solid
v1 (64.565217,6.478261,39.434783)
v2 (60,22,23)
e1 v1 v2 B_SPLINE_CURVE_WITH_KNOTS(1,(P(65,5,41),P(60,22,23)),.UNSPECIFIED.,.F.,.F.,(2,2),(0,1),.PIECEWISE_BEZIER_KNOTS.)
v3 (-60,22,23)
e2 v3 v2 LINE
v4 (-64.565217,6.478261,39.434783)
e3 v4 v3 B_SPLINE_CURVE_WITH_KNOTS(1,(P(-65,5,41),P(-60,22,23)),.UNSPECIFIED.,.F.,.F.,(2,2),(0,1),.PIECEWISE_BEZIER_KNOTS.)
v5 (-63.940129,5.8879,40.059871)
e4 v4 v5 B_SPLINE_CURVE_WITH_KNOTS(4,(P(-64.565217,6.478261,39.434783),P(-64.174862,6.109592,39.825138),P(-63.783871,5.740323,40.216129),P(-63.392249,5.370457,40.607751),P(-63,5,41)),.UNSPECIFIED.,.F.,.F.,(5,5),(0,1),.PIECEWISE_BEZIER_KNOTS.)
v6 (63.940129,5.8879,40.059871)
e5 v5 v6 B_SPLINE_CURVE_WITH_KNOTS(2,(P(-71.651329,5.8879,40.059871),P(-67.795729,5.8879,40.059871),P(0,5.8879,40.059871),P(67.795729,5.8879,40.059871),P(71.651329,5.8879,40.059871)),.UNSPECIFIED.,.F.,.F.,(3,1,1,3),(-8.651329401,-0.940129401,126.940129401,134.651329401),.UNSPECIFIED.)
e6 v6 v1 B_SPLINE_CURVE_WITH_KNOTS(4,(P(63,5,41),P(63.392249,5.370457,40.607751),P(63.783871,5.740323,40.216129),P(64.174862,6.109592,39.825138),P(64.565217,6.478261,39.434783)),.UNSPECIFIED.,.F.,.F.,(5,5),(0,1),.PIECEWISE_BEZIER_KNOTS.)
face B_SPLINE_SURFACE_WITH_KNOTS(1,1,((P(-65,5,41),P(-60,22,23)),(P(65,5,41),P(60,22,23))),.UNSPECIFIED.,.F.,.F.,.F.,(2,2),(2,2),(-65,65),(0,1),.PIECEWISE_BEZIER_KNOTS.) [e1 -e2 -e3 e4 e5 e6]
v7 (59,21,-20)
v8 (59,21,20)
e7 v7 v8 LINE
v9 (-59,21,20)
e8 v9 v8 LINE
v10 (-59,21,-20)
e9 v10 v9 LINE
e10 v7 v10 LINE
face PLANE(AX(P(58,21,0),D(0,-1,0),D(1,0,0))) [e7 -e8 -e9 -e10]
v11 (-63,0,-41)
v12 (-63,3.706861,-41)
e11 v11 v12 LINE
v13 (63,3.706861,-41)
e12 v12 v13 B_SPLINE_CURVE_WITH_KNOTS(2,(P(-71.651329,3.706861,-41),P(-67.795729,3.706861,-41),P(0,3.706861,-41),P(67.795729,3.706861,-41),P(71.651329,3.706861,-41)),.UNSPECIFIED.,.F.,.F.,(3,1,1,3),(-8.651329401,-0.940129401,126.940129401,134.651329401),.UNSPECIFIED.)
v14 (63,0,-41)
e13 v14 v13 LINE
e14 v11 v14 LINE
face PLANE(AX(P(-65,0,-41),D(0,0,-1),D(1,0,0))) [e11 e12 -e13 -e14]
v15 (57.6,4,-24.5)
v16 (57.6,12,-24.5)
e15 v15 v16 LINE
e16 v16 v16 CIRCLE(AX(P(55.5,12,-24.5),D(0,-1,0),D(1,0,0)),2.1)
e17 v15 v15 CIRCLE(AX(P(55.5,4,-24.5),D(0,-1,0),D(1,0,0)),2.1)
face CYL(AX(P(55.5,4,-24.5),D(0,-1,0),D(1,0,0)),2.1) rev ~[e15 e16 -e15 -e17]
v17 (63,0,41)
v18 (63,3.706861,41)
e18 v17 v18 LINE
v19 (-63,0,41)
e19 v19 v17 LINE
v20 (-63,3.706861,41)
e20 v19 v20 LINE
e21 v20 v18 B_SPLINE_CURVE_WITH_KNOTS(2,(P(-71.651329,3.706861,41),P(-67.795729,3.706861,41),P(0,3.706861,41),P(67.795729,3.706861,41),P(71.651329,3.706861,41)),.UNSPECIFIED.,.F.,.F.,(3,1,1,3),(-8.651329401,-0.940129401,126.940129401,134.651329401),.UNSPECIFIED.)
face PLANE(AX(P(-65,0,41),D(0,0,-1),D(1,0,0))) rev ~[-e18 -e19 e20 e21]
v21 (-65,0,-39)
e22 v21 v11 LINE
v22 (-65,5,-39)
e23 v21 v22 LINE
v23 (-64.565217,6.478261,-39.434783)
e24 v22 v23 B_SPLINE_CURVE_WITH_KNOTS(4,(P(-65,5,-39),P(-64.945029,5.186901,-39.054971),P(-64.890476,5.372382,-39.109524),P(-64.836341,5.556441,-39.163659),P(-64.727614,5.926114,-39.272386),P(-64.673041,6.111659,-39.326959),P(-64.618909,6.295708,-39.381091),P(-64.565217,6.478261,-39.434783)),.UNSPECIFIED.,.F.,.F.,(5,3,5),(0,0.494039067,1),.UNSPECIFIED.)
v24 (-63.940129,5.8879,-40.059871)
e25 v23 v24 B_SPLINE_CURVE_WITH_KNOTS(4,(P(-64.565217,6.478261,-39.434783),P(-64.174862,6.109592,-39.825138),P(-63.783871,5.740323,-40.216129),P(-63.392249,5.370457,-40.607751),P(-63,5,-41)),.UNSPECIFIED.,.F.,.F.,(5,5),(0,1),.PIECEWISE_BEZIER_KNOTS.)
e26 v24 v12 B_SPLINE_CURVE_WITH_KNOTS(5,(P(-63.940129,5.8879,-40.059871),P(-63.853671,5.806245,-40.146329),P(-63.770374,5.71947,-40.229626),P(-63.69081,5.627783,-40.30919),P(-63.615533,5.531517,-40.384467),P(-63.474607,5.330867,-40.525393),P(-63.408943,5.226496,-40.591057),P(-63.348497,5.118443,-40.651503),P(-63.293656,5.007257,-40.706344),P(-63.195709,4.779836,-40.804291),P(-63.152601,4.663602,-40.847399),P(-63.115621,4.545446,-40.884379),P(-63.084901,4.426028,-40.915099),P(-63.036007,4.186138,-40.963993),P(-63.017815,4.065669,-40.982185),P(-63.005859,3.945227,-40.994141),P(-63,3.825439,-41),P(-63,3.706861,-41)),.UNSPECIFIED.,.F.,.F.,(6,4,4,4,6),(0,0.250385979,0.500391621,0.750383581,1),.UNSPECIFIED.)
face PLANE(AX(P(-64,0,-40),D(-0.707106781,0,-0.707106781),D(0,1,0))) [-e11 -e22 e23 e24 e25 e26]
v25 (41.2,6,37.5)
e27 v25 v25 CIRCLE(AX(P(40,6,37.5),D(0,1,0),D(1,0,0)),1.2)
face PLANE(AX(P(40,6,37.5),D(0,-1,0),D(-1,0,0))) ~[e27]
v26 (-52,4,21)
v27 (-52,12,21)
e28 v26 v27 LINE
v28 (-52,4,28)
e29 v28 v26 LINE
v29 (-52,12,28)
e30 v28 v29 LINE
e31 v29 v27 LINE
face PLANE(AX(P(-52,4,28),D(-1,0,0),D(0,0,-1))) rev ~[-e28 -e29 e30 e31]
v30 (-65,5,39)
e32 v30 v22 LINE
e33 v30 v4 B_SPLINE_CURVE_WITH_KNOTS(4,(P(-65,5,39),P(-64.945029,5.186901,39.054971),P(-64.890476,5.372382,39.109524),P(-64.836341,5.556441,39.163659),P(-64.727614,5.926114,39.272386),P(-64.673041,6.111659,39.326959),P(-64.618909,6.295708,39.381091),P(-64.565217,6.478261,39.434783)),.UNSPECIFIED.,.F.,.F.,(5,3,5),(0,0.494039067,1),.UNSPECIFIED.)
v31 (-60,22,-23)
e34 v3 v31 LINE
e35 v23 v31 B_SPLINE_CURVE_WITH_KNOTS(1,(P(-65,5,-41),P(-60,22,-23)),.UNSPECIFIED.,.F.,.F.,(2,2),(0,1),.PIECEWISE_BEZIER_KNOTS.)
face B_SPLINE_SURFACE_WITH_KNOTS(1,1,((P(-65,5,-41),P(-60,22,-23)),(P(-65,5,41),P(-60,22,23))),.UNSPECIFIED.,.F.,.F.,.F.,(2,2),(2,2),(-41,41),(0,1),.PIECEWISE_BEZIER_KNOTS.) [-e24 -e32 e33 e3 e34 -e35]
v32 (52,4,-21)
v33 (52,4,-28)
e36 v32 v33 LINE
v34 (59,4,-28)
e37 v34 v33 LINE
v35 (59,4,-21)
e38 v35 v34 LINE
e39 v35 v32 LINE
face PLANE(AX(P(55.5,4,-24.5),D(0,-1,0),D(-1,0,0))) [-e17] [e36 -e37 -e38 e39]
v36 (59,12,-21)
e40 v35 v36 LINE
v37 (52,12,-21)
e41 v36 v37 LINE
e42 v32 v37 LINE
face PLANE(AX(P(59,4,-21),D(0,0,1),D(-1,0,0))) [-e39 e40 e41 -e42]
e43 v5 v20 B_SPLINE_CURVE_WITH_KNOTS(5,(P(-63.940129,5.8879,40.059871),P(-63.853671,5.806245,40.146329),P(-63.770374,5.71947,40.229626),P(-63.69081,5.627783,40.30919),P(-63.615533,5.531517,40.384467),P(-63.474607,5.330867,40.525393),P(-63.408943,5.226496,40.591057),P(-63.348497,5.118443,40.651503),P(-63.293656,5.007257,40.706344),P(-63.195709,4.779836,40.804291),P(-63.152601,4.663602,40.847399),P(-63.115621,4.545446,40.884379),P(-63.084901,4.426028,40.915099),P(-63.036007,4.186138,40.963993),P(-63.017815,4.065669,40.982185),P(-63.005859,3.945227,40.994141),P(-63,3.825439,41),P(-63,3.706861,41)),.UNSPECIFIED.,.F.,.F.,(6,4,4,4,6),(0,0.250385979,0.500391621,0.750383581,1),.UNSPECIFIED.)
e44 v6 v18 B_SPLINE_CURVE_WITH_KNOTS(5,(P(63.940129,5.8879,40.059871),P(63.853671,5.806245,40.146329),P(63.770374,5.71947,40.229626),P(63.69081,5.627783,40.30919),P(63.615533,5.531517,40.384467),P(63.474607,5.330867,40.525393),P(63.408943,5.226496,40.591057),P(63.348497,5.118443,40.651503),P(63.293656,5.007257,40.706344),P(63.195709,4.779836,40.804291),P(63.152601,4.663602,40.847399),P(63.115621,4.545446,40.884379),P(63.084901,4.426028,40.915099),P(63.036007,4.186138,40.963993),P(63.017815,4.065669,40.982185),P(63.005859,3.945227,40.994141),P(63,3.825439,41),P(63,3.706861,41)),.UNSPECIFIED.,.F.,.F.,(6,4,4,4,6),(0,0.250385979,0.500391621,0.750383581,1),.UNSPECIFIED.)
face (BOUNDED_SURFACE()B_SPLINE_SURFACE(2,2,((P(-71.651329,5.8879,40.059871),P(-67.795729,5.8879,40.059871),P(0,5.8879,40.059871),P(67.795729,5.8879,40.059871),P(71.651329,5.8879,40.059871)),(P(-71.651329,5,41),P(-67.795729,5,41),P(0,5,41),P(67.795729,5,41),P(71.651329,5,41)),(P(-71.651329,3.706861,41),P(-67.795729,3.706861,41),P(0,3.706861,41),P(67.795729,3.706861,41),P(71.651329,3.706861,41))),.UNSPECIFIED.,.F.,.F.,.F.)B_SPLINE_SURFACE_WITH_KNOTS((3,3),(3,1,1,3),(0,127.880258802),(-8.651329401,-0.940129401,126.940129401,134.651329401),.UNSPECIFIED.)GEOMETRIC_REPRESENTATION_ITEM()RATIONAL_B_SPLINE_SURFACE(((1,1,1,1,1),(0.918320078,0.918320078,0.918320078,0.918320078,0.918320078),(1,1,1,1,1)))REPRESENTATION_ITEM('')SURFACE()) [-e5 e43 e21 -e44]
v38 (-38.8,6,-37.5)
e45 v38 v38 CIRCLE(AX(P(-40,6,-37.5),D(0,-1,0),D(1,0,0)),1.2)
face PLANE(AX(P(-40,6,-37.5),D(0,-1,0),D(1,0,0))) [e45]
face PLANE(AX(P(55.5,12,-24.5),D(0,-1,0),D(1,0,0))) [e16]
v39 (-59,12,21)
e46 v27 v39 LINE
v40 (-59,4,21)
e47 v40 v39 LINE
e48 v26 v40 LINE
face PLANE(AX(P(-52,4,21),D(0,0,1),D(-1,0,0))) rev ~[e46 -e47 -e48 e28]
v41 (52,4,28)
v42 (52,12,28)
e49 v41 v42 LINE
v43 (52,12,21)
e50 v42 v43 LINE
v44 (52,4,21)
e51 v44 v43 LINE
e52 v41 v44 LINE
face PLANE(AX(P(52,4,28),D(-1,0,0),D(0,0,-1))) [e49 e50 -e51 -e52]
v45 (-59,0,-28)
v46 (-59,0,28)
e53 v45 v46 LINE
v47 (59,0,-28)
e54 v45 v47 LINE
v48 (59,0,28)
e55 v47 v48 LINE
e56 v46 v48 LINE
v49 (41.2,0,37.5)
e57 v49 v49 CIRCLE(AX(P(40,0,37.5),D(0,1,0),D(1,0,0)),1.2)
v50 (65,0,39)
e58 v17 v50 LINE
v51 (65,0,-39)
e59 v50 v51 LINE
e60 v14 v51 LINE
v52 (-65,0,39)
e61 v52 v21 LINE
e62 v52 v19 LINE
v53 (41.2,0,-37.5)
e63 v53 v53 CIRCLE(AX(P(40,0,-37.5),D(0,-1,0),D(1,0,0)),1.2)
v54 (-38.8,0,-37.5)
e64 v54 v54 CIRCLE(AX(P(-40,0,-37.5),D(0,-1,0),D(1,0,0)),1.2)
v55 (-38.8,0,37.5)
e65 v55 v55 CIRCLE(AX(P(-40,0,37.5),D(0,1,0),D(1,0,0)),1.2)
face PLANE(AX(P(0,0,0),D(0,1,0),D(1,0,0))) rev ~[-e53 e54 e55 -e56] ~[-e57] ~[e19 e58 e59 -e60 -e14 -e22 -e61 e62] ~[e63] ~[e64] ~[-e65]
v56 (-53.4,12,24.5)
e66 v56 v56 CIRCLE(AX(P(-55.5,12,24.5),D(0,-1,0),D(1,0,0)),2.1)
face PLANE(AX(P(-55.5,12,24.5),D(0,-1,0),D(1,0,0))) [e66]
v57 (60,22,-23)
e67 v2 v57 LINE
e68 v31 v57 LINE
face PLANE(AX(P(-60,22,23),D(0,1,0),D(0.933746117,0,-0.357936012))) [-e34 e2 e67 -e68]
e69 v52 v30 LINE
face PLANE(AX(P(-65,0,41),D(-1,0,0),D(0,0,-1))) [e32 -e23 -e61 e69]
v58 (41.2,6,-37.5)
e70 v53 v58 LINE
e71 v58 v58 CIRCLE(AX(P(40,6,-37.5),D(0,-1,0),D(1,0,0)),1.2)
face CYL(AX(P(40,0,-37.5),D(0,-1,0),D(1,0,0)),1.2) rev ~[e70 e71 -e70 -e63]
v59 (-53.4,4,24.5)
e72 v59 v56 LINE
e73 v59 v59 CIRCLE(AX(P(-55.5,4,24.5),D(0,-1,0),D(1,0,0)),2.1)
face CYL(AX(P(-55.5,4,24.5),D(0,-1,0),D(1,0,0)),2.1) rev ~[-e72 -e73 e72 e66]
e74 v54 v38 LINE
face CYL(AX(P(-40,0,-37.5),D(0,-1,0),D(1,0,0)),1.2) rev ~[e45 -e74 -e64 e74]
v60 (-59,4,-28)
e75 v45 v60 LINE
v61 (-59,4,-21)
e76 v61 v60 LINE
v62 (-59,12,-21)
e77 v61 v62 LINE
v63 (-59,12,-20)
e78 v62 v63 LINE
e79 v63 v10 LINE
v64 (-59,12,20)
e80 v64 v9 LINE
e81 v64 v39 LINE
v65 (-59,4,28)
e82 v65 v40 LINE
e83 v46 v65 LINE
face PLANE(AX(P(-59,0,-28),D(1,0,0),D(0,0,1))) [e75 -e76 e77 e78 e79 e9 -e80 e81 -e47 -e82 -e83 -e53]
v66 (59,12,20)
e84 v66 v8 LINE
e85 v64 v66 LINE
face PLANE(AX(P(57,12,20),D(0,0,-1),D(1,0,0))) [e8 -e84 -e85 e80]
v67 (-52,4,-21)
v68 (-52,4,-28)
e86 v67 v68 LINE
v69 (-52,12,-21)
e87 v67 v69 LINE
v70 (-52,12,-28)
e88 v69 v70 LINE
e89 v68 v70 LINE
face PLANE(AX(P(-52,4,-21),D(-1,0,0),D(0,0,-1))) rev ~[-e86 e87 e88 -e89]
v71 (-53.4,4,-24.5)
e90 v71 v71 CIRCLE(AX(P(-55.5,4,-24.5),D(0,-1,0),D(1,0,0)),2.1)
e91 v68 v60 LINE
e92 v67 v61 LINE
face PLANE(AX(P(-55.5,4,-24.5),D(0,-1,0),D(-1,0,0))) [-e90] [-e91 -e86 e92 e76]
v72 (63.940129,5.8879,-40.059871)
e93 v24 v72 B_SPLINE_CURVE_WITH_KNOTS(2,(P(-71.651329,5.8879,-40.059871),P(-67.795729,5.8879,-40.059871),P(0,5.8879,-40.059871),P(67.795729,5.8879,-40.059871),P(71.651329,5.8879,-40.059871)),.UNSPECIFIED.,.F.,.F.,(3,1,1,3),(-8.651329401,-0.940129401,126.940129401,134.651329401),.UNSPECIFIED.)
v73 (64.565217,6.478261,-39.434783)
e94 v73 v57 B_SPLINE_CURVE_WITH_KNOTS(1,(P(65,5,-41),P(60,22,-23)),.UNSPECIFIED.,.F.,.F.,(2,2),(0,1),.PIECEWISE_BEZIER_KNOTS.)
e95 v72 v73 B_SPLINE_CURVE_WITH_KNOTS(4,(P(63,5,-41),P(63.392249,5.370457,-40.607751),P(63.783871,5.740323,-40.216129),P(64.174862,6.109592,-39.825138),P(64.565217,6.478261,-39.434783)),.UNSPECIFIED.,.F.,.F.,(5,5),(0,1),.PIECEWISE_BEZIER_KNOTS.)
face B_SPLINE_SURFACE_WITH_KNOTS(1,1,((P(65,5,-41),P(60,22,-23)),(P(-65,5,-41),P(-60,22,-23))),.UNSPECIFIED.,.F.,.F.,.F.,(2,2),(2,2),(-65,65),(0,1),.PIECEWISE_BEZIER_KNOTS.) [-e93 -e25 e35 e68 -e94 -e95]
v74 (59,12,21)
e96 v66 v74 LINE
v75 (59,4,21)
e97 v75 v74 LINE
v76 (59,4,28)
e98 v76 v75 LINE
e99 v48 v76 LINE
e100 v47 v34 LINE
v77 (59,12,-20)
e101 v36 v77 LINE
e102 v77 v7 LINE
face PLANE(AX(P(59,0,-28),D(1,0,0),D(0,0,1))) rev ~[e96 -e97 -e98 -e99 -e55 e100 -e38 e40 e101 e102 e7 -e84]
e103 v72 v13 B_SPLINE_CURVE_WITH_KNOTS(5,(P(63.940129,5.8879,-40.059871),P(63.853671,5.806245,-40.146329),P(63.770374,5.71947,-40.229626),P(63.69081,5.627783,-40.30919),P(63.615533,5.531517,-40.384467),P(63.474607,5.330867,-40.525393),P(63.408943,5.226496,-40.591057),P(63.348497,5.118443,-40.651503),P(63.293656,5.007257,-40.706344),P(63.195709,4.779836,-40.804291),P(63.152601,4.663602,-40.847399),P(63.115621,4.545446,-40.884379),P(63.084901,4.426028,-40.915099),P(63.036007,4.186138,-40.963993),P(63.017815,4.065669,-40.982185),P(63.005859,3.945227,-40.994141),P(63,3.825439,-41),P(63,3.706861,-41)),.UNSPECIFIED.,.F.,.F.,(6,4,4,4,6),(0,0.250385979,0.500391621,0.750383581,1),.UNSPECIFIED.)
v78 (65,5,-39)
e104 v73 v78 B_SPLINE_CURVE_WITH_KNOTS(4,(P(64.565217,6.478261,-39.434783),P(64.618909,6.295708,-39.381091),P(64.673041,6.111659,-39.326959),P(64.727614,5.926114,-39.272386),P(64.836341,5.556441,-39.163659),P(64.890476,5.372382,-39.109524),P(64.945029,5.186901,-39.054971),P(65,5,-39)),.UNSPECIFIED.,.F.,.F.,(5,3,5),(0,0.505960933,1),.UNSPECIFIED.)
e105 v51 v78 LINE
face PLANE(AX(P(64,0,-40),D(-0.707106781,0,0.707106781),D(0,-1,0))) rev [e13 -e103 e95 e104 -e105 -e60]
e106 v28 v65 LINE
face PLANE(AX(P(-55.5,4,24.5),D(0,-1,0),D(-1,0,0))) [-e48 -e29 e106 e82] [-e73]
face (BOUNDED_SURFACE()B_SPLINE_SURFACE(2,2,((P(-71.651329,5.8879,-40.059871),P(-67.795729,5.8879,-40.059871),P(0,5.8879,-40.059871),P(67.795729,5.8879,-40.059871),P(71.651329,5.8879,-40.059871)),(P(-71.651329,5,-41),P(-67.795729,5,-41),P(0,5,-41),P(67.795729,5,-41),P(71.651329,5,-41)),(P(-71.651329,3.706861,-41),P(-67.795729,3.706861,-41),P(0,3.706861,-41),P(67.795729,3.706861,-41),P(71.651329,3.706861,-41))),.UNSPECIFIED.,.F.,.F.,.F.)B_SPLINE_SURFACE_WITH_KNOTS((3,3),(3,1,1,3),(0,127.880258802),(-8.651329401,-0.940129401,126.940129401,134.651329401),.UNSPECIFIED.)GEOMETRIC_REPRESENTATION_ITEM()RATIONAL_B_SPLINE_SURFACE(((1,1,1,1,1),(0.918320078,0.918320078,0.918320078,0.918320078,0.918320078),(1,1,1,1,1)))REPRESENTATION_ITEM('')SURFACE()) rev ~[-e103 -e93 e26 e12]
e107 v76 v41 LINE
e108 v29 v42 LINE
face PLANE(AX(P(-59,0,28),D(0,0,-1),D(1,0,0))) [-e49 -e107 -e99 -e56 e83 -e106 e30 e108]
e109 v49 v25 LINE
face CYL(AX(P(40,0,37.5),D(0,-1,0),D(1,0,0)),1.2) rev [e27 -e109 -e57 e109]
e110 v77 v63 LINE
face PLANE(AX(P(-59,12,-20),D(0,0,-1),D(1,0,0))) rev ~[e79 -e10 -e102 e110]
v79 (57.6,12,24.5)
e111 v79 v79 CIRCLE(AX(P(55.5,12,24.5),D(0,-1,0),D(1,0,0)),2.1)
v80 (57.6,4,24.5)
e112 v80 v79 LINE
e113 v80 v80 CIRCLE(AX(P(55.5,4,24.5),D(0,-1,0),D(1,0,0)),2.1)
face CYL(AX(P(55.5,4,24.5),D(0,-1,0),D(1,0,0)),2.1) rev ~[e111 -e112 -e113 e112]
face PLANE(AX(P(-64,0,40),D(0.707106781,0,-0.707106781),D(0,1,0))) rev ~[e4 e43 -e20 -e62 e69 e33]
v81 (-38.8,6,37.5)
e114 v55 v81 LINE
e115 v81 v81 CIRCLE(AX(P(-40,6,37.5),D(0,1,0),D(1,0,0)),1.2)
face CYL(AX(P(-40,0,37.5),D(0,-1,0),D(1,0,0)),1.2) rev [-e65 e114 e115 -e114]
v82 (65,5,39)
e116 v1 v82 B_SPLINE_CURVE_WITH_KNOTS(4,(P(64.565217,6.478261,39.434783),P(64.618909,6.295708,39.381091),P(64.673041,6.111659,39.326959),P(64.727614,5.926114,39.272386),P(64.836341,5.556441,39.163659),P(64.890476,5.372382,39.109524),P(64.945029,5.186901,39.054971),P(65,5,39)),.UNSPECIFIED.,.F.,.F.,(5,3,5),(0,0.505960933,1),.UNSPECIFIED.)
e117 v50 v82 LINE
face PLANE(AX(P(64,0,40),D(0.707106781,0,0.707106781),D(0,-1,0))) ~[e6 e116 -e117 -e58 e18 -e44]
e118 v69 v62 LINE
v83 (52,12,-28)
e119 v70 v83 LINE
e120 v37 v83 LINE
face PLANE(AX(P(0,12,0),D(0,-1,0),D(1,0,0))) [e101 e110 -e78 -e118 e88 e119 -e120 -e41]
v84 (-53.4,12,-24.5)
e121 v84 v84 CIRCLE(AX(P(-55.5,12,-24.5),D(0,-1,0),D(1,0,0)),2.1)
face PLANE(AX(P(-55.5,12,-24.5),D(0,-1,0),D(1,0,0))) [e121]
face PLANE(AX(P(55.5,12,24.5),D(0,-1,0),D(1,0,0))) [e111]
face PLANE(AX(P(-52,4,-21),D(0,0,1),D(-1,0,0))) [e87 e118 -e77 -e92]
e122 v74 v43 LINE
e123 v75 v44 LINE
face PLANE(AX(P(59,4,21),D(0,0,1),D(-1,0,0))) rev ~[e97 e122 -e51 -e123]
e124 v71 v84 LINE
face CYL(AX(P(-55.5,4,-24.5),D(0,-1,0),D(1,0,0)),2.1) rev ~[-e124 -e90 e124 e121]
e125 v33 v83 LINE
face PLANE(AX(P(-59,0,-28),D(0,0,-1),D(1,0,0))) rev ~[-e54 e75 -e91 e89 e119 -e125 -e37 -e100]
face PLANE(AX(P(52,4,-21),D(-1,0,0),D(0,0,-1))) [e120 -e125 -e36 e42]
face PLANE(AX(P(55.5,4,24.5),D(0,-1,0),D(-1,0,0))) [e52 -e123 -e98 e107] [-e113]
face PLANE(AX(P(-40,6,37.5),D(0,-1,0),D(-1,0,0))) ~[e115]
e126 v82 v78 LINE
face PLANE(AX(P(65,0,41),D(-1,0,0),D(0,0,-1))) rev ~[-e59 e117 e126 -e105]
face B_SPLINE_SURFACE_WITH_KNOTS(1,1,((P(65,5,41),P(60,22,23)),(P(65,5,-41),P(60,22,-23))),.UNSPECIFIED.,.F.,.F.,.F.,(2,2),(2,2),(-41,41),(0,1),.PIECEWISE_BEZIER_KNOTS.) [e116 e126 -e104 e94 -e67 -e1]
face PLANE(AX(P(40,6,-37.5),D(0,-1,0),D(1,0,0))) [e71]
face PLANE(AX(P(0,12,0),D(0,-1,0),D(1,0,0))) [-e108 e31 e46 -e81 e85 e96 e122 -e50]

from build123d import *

# Parameters (mm, degrees)
SKETCH1_W           = 130
SKETCH1_H           = 82
BOSS_EXTRUDE1_DEPTH = 5
SKETCH3_W           = 130
SKETCH3_H           = 82
SKETCH2_W           = 120
SKETCH2_H           = 46
CHAMFER1_SIZE       = 2
SKETCH4_R           = 1.2
CUT_EXTRUDE1_DEPTH  = 6
SKETCH5_W           = 114
SKETCH5_H           = 40
CUT_EXTRUDE2_DEPTH  = 21
SKETCH6_W           = 118
SKETCH6_H           = 56
CUT_EXTRUDE3_DEPTH  = 12
SKETCH8_W           = 7
SKETCH8_H           = 7
BOSS_EXTRUDE2_DEPTH = 8
SKETCH9_R           = 2.1
CUT_EXTRUDE4_DEPTH  = 8
SKETCH10_W          = 2
SKETCH10_H          = 40
CUT_EXTRUDE5_DEPTH  = 9
FILLET1_R           = 3


with BuildPart() as part:
    # Sketch1 → Boss-Extrude1 (new body)
    with BuildSketch(Plane(origin=(0, 0, 0), x_dir=(1, 0, 0), z_dir=(0, 1, 0))):
        Rectangle(SKETCH1_W, SKETCH1_H)
    extrude(amount=BOSS_EXTRUDE1_DEPTH)

    # Sketch3 → Loft2 section 0
    with BuildSketch(Plane(origin=(0, 5, 0), x_dir=(1, 0, 0), z_dir=(0, 1, 0))):
        Rectangle(SKETCH3_W, SKETCH3_H)
    # Sketch2 → Loft2 section 1
    with BuildSketch(Plane(origin=(0, 22, 0), x_dir=(1, 0, 0), z_dir=(0, 1, 0))):
        Rectangle(SKETCH2_W, SKETCH2_H)
    loft()

    # Chamfer1
    chamfer1_edges = [part.edges().sort_by_distance(p)[0] for p in [
        (-65, 2.5, 41),
        (65, 2.5, 41),
        (65, 2.5, -41),
        (-65, 2.5, -41),
    ]]
    chamfer(chamfer1_edges, length=CHAMFER1_SIZE)

    # Sketch4 → Cut-Extrude1 (cut)
    with BuildSketch(Plane.XZ):
        with Locations((40, -37.5)):
            Circle(SKETCH4_R)
        with Locations((-40, -37.5)):
            Circle(SKETCH4_R)
    cut_extrude1 = extrude(amount=-CUT_EXTRUDE1_DEPTH, mode=Mode.SUBTRACT)

    # Sketch5 → Cut-Extrude2 (cut)
    with BuildSketch(Plane.XZ):
        Rectangle(SKETCH5_W, SKETCH5_H)
    extrude(amount=-CUT_EXTRUDE2_DEPTH, mode=Mode.SUBTRACT)

    # Mirror1: Cut-Extrude1 across plane
    add(cut_extrude1.mirror(Plane.XY), mode=Mode.SUBTRACT)

    # Sketch6 → Cut-Extrude3 (cut)
    with BuildSketch(Plane.XZ):
        Rectangle(SKETCH6_W, SKETCH6_H)
    extrude(amount=-CUT_EXTRUDE3_DEPTH, mode=Mode.SUBTRACT)

    # Sketch8 → Boss-Extrude2 (add)
    with BuildSketch(Plane(origin=(0, 4, 0), x_dir=(-1, 0, 0), z_dir=(0, -1, 0))):
        with Locations((-55.5, 24.5)):
            Rectangle(SKETCH8_W, SKETCH8_H)
        with Locations((-55.5, -24.5)):
            Rectangle(SKETCH8_W, SKETCH8_H)
        with Locations((55.5, -24.5)):
            Rectangle(SKETCH8_W, SKETCH8_H)
        with Locations((55.5, 24.5)):
            Rectangle(SKETCH8_W, SKETCH8_H)
    extrude(amount=-BOSS_EXTRUDE2_DEPTH)

    # Sketch9 → Cut-Extrude4 (cut)
    with BuildSketch(Plane.XZ.offset(-4)):
        with Locations((-55.5, 24.5)):
            Circle(SKETCH9_R)
        with Locations((55.5, 24.5)):
            Circle(SKETCH9_R)
        with Locations((55.5, -24.5)):
            Circle(SKETCH9_R)
        with Locations((-55.5, -24.5)):
            Circle(SKETCH9_R)
    extrude(amount=-CUT_EXTRUDE4_DEPTH, mode=Mode.SUBTRACT)

    # Sketch10 → Cut-Extrude5 (cut)
    with BuildSketch(Plane.XZ.offset(-12)):
        with Locations((-58, 0)):
            Rectangle(SKETCH10_W, SKETCH10_H)
        with Locations((58, 0)):
            Rectangle(SKETCH10_W, SKETCH10_H)
    extrude(amount=-CUT_EXTRUDE5_DEPTH, mode=Mode.SUBTRACT)

    # Fillet1
    fillet1_edges = [part.edges().sort_by_distance(p)[0] for p in [
        (0, 5, 41),
        (0, 5, -41),
    ]]
    fillet(fillet1_edges, radius=FILLET1_R)


solid = part.part
